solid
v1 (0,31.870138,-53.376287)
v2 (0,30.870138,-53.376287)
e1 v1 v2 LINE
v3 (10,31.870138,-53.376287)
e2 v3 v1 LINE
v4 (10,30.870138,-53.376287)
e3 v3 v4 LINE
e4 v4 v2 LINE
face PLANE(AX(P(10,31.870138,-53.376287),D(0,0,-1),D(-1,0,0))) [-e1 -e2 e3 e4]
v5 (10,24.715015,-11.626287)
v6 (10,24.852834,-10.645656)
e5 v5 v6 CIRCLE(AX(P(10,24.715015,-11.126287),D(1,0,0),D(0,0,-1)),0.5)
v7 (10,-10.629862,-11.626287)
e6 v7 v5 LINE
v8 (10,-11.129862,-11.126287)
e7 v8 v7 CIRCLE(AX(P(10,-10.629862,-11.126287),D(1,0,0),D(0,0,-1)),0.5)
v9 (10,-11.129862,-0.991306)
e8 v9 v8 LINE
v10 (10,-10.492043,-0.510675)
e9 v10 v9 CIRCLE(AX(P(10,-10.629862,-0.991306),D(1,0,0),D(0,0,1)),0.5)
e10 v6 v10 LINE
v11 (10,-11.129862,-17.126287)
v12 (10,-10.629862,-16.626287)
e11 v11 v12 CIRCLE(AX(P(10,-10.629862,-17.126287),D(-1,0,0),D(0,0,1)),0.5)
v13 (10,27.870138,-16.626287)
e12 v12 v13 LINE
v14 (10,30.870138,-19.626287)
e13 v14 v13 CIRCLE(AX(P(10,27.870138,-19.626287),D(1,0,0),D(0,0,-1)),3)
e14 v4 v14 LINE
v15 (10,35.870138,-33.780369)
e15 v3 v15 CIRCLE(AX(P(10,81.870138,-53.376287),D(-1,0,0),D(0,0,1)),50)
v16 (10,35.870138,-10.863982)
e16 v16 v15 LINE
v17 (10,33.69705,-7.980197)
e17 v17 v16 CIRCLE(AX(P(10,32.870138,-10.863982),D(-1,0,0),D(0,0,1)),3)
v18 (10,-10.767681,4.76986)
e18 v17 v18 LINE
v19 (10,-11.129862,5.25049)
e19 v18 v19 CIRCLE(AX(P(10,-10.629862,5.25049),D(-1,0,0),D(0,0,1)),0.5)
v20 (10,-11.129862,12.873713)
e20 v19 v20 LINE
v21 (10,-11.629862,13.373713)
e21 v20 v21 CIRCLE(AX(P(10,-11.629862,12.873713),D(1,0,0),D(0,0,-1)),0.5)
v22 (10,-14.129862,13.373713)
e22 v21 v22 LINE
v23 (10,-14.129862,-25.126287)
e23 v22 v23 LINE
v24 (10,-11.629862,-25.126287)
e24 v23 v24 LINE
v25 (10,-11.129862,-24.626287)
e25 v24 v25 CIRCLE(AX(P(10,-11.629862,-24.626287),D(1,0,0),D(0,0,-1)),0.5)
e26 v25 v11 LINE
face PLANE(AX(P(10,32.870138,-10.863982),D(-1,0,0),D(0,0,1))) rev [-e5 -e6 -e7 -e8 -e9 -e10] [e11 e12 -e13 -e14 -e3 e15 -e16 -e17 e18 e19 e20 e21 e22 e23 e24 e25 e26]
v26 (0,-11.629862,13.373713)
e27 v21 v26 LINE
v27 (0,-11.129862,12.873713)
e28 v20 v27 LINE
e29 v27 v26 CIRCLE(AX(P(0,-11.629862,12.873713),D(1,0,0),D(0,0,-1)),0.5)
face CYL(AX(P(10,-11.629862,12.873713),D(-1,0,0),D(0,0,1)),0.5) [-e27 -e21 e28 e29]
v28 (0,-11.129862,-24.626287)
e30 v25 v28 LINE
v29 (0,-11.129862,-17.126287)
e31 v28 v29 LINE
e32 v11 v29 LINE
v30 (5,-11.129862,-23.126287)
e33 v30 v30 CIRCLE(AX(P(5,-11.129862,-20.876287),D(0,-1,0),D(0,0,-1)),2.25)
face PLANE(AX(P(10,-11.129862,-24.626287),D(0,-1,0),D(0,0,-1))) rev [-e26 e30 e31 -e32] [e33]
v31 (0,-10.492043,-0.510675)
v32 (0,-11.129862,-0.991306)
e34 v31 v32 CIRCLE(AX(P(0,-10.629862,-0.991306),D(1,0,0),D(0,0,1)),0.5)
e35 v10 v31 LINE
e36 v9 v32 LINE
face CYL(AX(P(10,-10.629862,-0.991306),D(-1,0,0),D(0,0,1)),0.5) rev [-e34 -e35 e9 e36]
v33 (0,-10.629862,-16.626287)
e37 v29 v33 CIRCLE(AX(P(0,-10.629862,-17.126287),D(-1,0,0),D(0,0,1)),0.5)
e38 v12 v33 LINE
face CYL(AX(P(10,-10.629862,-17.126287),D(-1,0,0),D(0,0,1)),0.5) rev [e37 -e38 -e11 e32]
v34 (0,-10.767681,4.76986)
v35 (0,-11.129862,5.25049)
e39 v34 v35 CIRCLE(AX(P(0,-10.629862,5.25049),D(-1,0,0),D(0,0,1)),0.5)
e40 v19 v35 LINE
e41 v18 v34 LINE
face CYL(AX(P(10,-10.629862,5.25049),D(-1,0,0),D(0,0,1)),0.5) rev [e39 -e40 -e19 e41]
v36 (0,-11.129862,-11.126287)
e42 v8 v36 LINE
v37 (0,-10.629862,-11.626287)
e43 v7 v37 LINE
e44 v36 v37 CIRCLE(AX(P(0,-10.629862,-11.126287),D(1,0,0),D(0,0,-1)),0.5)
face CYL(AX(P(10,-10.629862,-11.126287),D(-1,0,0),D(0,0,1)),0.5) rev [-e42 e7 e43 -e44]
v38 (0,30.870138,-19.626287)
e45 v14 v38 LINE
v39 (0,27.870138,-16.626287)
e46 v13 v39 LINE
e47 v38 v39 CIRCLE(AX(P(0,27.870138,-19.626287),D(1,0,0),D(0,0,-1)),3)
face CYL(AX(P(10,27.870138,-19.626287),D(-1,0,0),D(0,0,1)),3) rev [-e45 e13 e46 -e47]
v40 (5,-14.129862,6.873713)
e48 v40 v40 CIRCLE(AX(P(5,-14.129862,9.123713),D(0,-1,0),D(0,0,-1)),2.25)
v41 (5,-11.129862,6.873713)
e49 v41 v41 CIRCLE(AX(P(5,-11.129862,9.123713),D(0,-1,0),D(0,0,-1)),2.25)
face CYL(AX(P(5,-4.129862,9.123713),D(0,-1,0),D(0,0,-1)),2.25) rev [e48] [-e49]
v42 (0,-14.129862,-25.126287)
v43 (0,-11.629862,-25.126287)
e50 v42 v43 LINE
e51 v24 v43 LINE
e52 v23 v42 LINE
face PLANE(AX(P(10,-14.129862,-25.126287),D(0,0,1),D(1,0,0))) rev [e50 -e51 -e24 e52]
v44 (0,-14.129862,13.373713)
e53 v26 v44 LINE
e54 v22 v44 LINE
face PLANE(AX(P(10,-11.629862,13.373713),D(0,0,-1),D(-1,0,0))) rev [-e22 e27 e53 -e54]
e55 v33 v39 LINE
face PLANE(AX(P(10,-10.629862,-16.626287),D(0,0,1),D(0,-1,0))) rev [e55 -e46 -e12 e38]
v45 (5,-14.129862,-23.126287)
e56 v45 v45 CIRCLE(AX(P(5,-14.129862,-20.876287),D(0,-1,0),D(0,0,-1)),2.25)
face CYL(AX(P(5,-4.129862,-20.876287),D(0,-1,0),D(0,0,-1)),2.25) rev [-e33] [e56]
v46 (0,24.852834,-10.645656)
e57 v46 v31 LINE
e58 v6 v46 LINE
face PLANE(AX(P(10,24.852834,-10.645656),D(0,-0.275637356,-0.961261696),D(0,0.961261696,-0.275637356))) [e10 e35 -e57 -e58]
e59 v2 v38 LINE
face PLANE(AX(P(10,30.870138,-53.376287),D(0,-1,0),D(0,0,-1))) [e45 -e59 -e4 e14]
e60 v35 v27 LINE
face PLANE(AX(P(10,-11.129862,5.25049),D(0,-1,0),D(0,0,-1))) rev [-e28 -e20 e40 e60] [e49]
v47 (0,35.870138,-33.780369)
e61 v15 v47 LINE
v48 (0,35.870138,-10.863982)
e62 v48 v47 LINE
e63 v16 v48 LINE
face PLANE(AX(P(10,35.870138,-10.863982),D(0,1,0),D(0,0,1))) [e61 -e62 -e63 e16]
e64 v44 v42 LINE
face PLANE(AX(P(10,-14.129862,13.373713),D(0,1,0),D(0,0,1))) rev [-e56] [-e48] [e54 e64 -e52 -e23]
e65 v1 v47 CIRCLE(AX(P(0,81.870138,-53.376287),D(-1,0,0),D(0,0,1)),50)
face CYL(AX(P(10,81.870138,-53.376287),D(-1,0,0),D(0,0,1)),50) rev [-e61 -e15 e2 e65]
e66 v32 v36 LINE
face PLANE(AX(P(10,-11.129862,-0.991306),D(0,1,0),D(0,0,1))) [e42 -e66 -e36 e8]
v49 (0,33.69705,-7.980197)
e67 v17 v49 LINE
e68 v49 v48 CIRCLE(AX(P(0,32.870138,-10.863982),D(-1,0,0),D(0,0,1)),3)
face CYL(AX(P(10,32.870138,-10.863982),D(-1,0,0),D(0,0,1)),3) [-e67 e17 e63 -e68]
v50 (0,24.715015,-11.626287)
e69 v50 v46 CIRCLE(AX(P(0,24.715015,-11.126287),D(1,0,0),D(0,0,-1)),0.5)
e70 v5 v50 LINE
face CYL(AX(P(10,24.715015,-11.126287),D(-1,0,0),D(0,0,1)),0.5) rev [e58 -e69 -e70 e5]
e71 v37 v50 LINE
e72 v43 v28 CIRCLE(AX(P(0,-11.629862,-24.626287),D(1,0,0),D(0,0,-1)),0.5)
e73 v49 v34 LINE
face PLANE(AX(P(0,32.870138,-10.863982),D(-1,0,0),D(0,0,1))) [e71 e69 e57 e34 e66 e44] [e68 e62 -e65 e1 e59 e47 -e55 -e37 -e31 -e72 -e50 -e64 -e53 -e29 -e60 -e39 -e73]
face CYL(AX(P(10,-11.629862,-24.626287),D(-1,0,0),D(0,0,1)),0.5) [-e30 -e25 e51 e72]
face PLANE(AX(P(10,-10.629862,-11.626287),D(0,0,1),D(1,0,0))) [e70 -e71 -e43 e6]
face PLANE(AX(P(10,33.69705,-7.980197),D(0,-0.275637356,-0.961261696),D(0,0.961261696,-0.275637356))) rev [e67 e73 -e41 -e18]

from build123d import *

# Parameters (mm, degrees)
BOSS_EXTRUDE1_DEPTH = 10
SKETCH1_5_OUTSIDE_W = 85.55
SKETCH1_5_OUTSIDE_H = 68.8
CUT_EXTRUDE2_DEPTH  = 10
SKETCH5_R           = 2.25
CUT_EXTRUDE3_DEPTH  = 10


with BuildPart() as part:
    # Sketch1 → Boss-Extrude1 (new body)
    with BuildSketch(Plane(origin=(0, 0, 0), x_dir=(0, 0, -1), z_dir=(1, 0, 0))):
        with BuildLine():
            Line((7.980196803, 33.697050156), (-4.769859567, -10.767680589))
            ThreePointArc((-4.769859567, -10.767680589), (-4.949582903, -11.029179666), (-5.250490415, -11.129861911))
            Line((-5.250490415, -11.129861911), (-12.87371339, -11.129861911))
            ThreePointArc((-12.87371339, -11.129861911), (-13.227266781, -11.276308521), (-13.37371339, -11.629861911))
            Line((-13.37371339, -11.629861911), (-13.37371339, -14.129861911))
            Line((-13.37371339, -14.129861911), (25.12628661, -14.129861911))
            Line((25.12628661, -14.129861911), (25.12628661, -11.629861911))
            ThreePointArc((25.12628661, -11.629861911), (24.979840001, -11.276308521), (24.62628661, -11.129861911))
            Line((24.62628661, -11.129861911), (17.12628661, -11.129861911))
            ThreePointArc((17.12628661, -11.129861911), (16.772733219, -10.983415302), (16.62628661, -10.629861911))
            Line((16.62628661, -10.629861911), (16.62628661, 27.870138089))
            ThreePointArc((16.62628661, 27.870138089), (17.504966266, 29.991458432), (19.62628661, 30.870138089))
            Line((19.62628661, 30.870138089), (53.37628661, 30.870138089))
            Line((53.37628661, 30.870138089), (53.37628661, 31.870138089))
            ThreePointArc((53.37628661, 31.870138089), (43.37628661, 32.880343233), (33.780368668, 35.870138089))
            Line((33.780368668, 35.870138089), (10.863981891, 35.870138089))
            ThreePointArc((10.863981891, 35.870138089), (9.058536822, 35.266044619), (7.980196803, 33.697050156))
        make_face()
    extrude(amount=BOSS_EXTRUDE1_DEPTH)

    # Sketch1<5> outside → Cut-Extrude2 (cut)
    # profile 1 of 2: a face of its own
    with BuildSketch(Plane(origin=(0, 0, 0), x_dir=(0, 0, -1), z_dir=(1, 0, 0))):
        with Locations((20.001, 10.87)):
            Rectangle(SKETCH1_5_OUTSIDE_W, SKETCH1_5_OUTSIDE_H)
        with BuildLine():
            Line((7.980196803, 33.697050156), (-4.769859567, -10.767680589))
            ThreePointArc((-4.769859567, -10.767680589), (-4.949582903, -11.029179666), (-5.250490415, -11.129861911))
            Line((-5.250490415, -11.129861911), (-12.87371339, -11.129861911))
            ThreePointArc((-12.87371339, -11.129861911), (-13.227266781, -11.276308521), (-13.37371339, -11.629861911))
            Line((-13.37371339, -11.629861911), (-13.37371339, -14.129861911))
            Line((-13.37371339, -14.129861911), (25.12628661, -14.129861911))
            Line((25.12628661, -14.129861911), (25.12628661, -11.629861911))
            ThreePointArc((25.12628661, -11.629861911), (24.979840001, -11.276308521), (24.62628661, -11.129861911))
            Line((24.62628661, -11.129861911), (17.12628661, -11.129861911))
            ThreePointArc((17.12628661, -11.129861911), (16.772733219, -10.983415302), (16.62628661, -10.629861911))
            Line((16.62628661, -10.629861911), (16.62628661, 27.870138089))
            ThreePointArc((16.62628661, 27.870138089), (17.504966266, 29.991458432), (19.62628661, 30.870138089))
            Line((19.62628661, 30.870138089), (53.37628661, 30.870138089))
            Line((53.37628661, 30.870138089), (53.37628661, 31.870138089))
            ThreePointArc((53.37628661, 31.870138089), (43.37628661, 32.880343233), (33.780368668, 35.870138089))
            Line((33.780368668, 35.870138089), (10.863981891, 35.870138089))
            ThreePointArc((10.863981891, 35.870138089), (9.058536822, 35.266044619), (7.980196803, 33.697050156))
        make_face(mode=Mode.SUBTRACT)
    # profile 2 of 2: a face of its own
    with BuildSketch(Plane(origin=(0, 0, 0), x_dir=(0, 0, -1), z_dir=(1, 0, 0))):
        with BuildLine():
            Line((0.9913062, -11.129861911), (11.12628661, -11.129861911))
            ThreePointArc((11.12628661, -11.129861911), (11.479840001, -10.983415302), (11.62628661, -10.629861911))
            Line((11.62628661, -10.629861911), (11.62628661, 24.715015158))
            ThreePointArc((11.62628661, 24.715015158), (11.195873161, 25.210149192), (10.645655762, 24.852833836))
            Line((10.645655762, 24.852833836), (0.510675352, -10.492043234))
            ThreePointArc((0.510675352, -10.492043234), (0.591988445, -10.930769423), (0.9913062, -11.129861911))
        make_face()
    extrude(amount=CUT_EXTRUDE2_DEPTH, mode=Mode.SUBTRACT)

    # Sketch5 → Cut-Extrude3 (cut)
    with BuildSketch(Plane.XZ.offset(14.129861911)):
        with Locations((5, 9.12371339)):
            Circle(SKETCH5_R)
        with Locations((5, -20.87628661)):
            Circle(SKETCH5_R)
    extrude(amount=-CUT_EXTRUDE3_DEPTH, mode=Mode.SUBTRACT)


solid = part.part
